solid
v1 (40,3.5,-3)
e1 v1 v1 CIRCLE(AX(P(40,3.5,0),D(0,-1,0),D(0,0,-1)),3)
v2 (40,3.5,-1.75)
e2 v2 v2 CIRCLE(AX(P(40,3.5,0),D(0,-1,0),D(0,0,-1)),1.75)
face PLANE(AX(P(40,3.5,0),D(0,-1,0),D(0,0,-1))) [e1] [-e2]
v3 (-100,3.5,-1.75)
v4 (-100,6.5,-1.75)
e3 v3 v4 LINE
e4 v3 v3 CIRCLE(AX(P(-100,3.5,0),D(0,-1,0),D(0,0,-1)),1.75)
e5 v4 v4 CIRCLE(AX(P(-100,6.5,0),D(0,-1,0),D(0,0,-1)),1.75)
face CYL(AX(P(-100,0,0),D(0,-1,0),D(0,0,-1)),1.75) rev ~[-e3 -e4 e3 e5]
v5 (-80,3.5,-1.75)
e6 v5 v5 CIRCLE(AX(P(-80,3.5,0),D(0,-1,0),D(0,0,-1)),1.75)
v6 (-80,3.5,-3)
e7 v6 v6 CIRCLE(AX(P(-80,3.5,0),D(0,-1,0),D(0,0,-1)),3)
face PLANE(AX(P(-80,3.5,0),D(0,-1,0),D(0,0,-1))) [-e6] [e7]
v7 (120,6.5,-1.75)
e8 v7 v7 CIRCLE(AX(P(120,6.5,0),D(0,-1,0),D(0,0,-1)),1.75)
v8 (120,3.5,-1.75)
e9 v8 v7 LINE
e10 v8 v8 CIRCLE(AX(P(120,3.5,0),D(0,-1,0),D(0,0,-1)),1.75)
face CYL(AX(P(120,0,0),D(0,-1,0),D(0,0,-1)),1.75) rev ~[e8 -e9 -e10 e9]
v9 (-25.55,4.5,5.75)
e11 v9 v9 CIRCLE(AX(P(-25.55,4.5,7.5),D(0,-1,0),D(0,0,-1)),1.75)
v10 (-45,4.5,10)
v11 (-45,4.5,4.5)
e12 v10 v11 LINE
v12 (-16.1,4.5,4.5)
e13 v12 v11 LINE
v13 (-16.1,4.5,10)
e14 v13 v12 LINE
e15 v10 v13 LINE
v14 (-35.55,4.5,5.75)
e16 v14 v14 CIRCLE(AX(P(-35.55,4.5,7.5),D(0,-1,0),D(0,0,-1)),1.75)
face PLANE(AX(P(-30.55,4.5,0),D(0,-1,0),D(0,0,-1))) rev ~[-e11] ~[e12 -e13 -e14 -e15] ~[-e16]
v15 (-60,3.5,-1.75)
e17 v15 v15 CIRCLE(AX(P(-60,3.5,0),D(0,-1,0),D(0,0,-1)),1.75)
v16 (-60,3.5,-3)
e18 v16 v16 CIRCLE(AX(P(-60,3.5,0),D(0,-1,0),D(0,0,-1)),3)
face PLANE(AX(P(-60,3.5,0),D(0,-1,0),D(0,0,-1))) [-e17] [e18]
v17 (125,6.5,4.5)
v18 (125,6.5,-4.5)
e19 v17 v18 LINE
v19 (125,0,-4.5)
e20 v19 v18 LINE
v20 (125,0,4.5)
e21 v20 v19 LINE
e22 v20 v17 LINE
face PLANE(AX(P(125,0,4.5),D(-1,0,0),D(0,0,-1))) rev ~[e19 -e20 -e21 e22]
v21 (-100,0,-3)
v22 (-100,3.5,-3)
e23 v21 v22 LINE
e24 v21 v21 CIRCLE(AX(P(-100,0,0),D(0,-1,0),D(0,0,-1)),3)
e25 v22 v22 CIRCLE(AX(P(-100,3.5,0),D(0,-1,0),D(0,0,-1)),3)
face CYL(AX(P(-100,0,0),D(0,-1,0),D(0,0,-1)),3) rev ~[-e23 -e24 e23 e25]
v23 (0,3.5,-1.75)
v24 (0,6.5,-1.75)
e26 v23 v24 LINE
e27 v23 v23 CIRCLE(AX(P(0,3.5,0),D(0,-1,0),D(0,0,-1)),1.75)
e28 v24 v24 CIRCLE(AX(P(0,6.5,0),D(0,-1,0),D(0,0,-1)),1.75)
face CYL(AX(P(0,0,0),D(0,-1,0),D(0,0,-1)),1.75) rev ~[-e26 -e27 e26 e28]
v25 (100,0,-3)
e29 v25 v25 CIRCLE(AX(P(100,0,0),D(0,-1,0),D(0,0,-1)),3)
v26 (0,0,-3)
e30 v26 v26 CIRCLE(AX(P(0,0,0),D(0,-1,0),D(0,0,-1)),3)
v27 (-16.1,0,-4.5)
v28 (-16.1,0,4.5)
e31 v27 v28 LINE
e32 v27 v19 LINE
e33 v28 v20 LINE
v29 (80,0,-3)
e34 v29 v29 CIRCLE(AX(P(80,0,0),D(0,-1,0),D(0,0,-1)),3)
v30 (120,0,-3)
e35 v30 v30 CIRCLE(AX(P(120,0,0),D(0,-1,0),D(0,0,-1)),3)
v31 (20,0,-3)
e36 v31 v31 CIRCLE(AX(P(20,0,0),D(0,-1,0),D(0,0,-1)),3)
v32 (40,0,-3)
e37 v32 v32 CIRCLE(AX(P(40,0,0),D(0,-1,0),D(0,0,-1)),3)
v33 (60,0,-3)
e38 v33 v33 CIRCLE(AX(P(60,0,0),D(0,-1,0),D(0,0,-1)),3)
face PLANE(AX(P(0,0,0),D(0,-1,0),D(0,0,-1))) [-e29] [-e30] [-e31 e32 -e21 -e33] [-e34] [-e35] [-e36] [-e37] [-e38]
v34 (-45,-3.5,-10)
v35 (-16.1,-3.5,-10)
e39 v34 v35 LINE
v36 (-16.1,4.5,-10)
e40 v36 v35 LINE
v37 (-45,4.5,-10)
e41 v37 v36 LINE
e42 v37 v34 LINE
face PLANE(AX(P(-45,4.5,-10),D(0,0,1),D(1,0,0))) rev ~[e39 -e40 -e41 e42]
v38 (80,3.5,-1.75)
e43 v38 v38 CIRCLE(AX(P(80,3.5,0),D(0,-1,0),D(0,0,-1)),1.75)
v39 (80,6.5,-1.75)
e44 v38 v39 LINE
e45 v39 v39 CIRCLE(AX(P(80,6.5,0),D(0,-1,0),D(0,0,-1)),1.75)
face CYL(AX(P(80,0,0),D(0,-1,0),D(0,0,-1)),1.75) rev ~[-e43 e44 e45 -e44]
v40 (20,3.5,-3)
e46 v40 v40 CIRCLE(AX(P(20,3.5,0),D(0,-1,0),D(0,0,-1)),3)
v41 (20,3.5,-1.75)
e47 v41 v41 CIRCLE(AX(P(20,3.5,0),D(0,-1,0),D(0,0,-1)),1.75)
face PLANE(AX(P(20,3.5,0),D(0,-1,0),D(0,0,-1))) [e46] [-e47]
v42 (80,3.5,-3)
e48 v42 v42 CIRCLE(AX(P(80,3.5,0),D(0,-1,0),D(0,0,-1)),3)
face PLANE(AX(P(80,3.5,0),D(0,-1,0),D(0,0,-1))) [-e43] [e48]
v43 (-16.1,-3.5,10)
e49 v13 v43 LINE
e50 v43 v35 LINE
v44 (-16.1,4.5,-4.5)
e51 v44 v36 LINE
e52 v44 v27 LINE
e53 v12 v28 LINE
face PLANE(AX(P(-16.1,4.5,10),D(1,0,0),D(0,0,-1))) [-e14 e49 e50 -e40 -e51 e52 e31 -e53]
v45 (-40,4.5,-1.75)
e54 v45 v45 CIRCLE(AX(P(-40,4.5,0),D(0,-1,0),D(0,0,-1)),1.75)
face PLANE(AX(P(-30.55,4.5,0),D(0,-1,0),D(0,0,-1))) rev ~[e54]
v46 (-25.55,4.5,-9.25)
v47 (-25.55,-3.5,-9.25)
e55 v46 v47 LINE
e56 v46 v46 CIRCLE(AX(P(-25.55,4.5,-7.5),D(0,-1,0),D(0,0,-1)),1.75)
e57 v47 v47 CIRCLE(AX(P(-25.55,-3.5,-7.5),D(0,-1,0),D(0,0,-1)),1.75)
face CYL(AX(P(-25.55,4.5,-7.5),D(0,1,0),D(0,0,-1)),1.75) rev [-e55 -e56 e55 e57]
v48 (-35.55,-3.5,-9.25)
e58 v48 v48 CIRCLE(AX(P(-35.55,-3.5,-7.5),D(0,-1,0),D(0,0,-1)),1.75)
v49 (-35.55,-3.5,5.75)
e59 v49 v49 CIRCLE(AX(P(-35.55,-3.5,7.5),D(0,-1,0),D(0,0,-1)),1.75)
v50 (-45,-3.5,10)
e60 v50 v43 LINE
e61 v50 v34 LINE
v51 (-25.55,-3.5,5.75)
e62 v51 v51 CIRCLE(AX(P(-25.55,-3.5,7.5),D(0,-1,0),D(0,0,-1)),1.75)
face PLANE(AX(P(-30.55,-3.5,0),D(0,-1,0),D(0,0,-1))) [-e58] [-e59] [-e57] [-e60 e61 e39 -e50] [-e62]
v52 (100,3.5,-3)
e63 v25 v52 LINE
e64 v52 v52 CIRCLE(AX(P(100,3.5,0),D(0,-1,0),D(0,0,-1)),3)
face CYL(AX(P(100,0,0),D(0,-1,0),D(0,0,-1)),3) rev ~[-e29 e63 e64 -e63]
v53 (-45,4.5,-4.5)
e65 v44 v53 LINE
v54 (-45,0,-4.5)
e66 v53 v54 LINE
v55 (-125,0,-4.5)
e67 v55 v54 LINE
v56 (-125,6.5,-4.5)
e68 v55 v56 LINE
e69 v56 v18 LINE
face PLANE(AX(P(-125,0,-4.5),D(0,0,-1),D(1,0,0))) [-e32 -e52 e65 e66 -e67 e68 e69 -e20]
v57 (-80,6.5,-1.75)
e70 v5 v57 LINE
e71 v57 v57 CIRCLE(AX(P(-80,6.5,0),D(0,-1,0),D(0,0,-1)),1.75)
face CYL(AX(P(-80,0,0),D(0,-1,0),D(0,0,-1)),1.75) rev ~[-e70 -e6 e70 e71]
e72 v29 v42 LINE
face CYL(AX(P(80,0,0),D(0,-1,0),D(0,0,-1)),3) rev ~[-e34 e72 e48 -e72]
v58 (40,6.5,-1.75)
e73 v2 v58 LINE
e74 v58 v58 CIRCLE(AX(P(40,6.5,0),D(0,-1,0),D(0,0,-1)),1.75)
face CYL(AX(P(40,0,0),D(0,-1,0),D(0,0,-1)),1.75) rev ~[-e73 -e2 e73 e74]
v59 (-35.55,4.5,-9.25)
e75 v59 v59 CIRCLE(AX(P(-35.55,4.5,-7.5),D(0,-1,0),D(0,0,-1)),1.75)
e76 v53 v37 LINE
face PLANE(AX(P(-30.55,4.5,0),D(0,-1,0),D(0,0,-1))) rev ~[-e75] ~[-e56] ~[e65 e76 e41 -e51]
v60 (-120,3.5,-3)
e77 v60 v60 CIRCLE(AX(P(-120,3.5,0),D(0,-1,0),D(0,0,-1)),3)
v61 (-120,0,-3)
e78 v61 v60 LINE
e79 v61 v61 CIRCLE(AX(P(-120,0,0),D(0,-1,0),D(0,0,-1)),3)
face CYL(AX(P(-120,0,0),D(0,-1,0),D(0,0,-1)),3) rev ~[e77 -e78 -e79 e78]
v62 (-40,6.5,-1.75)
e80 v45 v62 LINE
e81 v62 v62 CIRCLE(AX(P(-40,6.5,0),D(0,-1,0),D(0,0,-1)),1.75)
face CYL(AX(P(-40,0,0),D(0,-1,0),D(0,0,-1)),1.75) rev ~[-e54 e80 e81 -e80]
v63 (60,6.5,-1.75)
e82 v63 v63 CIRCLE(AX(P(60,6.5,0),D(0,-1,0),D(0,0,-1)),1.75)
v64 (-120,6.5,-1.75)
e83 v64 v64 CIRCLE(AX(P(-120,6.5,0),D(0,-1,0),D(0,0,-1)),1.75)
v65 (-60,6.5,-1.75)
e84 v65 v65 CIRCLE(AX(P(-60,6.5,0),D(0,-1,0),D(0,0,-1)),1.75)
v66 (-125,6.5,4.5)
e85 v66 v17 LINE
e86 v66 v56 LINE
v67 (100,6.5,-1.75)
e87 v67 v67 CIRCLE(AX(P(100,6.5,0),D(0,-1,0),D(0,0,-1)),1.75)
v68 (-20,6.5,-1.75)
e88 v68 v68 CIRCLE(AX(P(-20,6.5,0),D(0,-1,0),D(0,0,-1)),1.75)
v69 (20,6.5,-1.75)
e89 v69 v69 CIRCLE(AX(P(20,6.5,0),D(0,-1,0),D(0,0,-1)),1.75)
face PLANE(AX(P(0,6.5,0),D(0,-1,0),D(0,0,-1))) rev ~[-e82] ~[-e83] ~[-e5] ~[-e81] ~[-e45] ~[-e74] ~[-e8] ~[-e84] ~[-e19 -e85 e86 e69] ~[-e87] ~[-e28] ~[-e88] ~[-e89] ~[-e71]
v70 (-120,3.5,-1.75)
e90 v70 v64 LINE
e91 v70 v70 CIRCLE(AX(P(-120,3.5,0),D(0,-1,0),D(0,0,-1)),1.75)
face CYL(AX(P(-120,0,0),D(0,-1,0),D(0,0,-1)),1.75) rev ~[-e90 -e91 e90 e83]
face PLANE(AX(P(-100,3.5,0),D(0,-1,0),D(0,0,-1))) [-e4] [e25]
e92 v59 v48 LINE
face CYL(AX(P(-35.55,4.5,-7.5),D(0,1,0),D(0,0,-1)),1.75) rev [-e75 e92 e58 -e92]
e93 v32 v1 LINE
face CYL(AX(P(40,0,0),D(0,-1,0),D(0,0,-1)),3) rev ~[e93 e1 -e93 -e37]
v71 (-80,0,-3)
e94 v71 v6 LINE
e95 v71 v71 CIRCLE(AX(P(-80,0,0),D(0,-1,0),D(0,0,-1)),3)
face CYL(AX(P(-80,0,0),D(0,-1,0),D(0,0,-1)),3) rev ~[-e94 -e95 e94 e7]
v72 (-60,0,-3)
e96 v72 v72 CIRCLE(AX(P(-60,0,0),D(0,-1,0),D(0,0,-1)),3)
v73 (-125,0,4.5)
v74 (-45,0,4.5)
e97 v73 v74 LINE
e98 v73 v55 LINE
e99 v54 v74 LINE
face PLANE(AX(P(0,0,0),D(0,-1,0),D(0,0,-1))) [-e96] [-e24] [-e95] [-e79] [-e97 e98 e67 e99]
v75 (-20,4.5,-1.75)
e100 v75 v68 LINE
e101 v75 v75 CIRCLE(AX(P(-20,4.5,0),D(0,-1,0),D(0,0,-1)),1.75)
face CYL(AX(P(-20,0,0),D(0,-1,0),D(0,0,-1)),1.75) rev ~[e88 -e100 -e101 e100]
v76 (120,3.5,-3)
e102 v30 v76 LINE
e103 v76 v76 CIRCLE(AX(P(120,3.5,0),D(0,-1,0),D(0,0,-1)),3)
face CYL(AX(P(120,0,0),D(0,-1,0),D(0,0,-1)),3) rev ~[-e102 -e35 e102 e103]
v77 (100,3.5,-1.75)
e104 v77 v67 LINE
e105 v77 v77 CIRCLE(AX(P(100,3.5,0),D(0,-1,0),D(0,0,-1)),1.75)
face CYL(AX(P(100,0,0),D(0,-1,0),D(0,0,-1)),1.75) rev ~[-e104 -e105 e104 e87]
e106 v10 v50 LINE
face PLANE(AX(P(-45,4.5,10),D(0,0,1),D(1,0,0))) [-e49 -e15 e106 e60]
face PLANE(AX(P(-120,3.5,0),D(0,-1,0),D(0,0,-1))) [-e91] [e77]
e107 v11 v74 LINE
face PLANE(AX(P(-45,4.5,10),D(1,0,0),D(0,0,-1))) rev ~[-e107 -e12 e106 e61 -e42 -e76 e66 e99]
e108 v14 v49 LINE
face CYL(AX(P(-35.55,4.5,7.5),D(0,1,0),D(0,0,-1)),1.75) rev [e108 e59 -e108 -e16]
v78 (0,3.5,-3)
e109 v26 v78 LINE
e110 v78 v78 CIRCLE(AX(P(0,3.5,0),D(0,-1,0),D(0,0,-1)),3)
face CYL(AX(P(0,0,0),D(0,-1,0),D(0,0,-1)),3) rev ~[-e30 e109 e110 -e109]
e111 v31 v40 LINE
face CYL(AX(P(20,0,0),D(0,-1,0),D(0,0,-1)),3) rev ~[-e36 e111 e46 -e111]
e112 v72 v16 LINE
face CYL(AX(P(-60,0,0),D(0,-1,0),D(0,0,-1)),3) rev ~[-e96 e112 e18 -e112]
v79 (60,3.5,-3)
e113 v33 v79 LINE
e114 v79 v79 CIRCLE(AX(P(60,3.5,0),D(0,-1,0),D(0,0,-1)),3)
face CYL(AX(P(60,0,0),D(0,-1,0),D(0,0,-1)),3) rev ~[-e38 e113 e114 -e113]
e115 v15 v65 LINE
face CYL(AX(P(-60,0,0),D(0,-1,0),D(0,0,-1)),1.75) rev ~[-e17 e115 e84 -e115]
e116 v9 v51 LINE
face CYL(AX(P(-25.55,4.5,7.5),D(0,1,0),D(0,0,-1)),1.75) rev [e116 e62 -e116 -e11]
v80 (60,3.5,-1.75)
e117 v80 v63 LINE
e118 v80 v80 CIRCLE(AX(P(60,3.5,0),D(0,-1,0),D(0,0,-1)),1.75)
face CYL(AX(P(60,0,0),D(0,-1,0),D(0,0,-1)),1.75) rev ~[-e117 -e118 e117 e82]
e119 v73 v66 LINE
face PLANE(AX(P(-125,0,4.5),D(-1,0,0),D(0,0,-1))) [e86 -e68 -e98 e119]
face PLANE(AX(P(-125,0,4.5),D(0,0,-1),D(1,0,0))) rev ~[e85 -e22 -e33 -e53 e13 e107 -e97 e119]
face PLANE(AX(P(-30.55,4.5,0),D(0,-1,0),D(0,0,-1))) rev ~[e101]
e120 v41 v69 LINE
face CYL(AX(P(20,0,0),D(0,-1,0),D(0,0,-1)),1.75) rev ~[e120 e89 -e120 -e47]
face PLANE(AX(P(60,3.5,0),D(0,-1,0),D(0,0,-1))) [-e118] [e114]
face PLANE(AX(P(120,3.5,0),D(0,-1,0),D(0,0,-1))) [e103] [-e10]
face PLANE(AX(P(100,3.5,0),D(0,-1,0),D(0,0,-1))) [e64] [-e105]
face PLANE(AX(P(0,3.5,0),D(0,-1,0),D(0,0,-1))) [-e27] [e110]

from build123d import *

# Parameters (mm, degrees)
SKETCH006_W             = 9
SKETCH006_H             = 250
PAD003_DEPTH            = 6.5
SKETCH008_R             = 1.75
POCKET003_DEPTH         = 6.5
LINEARPATTERN002_COUNT  = 13
LINEARPATTERN002_PITCH  = 20
SKETCH009_R             = 3
POCKET002_DEPTH         = 3.5
LINEARPATTERN003_COUNT  = 13
LINEARPATTERN003_PITCH  = 20
SKETCH007_W             = 20
SKETCH007_H             = 28.9
SKETCH007_R             = 1.75
PAD004_DEPTH            = 8
BODY002_PITCH_ANGLE     = 90
BODY002_PLACEMENT_ANGLE = -90


with BuildPart() as part:
    # Sketch006 → Pad003 (new body)
    with BuildSketch(Plane.XY):
        with Locations((0, 125)):
            Rectangle(SKETCH006_W, SKETCH006_H)
    extrude(amount=-PAD003_DEPTH)

    # Sketch008 → Pocket003 (cut)
    with BuildSketch(Plane.XY):
        with Locations((0, 5)):
            Circle(SKETCH008_R)
    pocket003 = extrude(amount=-POCKET003_DEPTH, mode=Mode.SUBTRACT)

    # LinearPattern002: Pocket003 ×13
    with Locations(*[(0, i * LINEARPATTERN002_PITCH, 0) for i in range(1, LINEARPATTERN002_COUNT)]):
        add(pocket003, mode=Mode.SUBTRACT)

    # Sketch009 → Pocket002 (cut)
    with BuildSketch(Plane.XY):
        with Locations((0, 5)):
            Circle(SKETCH009_R)
    pocket002 = extrude(amount=-POCKET002_DEPTH, mode=Mode.SUBTRACT)

    # LinearPattern003: Pocket002 ×13
    with Locations(*[(0, i * LINEARPATTERN003_PITCH, 0) for i in range(1, LINEARPATTERN003_COUNT)]):
        add(pocket002, mode=Mode.SUBTRACT)

    # Sketch007 → Pad004 (join)
    with BuildSketch(Plane.XY.offset(-4.5)):
        with Locations((0, 94.45)):
            Rectangle(SKETCH007_W, SKETCH007_H)
        with Locations((-7.5, 99.45)):
            Circle(SKETCH007_R, mode=Mode.SUBTRACT)
        with Locations((7.5, 99.45)):
            Circle(SKETCH007_R, mode=Mode.SUBTRACT)
        with Locations((7.5, 89.45)):
            Circle(SKETCH007_R, mode=Mode.SUBTRACT)
        with Locations((-7.5, 89.45)):
            Circle(SKETCH007_R, mode=Mode.SUBTRACT)
    extrude(amount=PAD004_DEPTH)


with BuildPart() as part_1:
    # Body002 pitch: moved
    add(part.part.rotate(Axis((0, 0, 0), (0, 1, 0)), BODY002_PITCH_ANGLE))


with BuildPart() as part_2:
    # Body002 placement: moved
    add(part_1.part.moved(Location((-125, 0, 0))).rotate(Axis((-125, 0, 0), (0, 0, 1)), BODY002_PLACEMENT_ANGLE))


solid = part_2.part
